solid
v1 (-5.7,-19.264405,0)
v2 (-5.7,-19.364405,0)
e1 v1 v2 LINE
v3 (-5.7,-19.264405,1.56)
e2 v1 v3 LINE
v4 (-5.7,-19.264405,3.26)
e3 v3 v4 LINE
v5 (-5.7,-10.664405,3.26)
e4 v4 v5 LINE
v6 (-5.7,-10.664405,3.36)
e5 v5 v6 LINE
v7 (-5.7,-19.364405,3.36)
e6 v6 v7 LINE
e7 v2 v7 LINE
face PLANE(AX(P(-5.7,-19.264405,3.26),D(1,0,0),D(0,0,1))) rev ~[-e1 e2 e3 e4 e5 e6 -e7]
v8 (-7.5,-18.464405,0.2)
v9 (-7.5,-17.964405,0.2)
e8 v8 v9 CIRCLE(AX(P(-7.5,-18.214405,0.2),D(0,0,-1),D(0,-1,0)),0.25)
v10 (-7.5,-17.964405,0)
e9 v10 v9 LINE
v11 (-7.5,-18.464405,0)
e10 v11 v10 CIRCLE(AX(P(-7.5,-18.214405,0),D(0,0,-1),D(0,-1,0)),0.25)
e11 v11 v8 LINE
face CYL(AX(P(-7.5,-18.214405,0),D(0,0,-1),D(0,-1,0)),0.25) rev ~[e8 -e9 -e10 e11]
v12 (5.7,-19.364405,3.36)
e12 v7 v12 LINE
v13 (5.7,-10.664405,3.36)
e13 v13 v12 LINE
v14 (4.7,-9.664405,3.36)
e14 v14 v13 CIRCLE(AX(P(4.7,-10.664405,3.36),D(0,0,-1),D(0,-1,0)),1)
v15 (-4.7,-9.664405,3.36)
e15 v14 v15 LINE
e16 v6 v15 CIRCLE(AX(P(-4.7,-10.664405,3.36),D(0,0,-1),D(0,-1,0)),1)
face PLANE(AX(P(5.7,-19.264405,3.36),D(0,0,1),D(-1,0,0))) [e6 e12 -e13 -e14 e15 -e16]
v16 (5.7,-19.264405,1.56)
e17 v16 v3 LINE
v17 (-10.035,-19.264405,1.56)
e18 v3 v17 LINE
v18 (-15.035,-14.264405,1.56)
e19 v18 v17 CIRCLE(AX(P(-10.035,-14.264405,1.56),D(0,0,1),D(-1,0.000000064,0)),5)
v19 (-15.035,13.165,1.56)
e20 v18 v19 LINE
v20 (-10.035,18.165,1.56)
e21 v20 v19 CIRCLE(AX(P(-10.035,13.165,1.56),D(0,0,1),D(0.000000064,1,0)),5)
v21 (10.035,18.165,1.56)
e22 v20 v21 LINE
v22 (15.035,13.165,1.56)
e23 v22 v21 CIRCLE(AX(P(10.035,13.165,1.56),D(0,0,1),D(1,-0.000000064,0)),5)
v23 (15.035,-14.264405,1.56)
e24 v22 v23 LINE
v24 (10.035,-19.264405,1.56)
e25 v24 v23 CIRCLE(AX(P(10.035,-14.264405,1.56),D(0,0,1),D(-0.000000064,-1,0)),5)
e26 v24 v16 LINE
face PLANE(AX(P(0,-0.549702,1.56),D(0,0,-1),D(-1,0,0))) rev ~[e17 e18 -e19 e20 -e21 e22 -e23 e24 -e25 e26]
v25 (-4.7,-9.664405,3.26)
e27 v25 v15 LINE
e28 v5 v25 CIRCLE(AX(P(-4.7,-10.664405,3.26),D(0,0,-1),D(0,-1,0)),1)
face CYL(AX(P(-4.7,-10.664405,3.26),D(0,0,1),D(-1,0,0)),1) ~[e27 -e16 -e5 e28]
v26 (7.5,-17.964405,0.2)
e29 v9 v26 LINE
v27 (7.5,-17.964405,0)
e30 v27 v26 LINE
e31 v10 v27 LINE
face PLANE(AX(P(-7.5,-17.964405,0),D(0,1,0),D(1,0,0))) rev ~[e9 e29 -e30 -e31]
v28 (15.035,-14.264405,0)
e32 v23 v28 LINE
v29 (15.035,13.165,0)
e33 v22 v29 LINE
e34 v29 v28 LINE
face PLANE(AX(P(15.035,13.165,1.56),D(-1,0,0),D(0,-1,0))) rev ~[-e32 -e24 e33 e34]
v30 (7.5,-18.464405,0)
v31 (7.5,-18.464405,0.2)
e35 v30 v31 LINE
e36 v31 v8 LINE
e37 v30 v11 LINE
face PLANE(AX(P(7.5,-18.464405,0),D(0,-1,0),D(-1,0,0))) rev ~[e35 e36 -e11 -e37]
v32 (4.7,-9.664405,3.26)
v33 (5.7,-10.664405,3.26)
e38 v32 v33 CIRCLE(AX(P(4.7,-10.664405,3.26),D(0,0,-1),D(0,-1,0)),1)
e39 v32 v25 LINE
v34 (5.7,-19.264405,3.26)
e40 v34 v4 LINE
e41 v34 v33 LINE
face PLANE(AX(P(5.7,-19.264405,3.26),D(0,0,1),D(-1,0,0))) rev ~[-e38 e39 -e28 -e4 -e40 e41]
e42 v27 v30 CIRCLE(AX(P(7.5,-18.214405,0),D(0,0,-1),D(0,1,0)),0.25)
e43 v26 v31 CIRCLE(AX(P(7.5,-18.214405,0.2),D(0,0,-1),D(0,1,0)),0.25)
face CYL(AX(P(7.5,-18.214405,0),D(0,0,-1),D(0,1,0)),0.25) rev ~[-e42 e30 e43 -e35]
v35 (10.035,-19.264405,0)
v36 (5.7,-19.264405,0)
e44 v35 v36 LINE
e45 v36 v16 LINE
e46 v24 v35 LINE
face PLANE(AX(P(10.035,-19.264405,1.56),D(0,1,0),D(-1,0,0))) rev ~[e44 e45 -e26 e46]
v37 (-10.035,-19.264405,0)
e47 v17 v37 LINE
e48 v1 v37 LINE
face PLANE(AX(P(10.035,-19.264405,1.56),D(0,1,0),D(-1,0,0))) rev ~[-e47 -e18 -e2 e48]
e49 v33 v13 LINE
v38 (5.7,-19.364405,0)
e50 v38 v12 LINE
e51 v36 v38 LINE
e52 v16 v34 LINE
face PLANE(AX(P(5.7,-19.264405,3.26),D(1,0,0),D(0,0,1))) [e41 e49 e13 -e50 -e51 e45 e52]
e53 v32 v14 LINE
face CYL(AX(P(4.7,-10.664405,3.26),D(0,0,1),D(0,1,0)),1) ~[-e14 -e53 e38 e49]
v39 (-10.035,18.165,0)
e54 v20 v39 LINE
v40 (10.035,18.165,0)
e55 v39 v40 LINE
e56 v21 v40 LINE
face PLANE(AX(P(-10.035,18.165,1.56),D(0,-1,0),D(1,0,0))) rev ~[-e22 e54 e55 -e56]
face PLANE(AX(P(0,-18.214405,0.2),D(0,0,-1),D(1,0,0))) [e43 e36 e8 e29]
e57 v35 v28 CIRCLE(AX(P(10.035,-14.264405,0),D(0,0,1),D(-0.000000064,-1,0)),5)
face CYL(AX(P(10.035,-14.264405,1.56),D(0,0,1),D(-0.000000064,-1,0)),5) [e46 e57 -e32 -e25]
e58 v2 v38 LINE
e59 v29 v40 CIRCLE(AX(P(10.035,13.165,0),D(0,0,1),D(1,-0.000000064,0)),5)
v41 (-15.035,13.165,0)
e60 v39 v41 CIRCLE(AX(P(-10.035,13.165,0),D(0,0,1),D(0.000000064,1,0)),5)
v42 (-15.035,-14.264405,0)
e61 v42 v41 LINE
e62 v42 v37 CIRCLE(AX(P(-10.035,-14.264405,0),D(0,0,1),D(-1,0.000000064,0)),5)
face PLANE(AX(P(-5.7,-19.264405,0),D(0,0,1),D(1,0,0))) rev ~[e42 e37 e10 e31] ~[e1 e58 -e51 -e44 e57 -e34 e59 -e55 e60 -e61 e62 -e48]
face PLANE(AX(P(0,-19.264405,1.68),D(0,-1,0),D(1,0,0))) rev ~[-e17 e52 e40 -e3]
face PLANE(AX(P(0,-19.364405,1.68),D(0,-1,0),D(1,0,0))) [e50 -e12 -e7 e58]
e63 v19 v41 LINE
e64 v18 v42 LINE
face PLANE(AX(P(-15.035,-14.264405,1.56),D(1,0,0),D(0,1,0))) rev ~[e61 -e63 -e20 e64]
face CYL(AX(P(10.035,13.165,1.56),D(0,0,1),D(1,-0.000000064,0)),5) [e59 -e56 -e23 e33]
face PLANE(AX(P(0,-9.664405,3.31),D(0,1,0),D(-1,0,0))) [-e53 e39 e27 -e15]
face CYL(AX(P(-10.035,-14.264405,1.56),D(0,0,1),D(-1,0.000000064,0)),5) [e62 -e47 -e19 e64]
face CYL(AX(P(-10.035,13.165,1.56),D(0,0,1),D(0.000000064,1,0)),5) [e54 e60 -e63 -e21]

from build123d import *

# Parameters (mm, degrees)
PAD_DEPTH    = 1.56
PAD001_DEPTH = 1.56
SKETCH002_W  = 11.4
SKETCH002_H  = 3.36
PAD002_DEPTH = 0.1
SKETCH003_W  = 11.4
SKETCH003_H  = 0.1
PAD003_DEPTH = 9.6
FILLET_R     = 1
FILLET001_R  = 1
POCKET_DEPTH = 0.2


with BuildPart() as part:
    # Sketch → Pad (new body)
    with BuildSketch(Plane.XY):
        with BuildLine():
            Line((-9.985, 17.165), (9.985, 17.165))
            ThreePointArc((13.985, 13.165), (12.813427, 15.993427), (9.985, 17.165))
            Line((13.985, 13.165), (13.985, -13.165))
            ThreePointArc((9.985, -17.165), (12.813427, -15.993427), (13.985, -13.165))
            Line((9.985, -17.165), (-9.985, -17.165))
            ThreePointArc((-13.985, -13.165), (-12.813427, -15.993427), (-9.985, -17.165))
            Line((-13.985, -13.165), (-13.985, 13.165))
            ThreePointArc((-9.985, 17.165), (-12.813427, 15.993427), (-13.985, 13.165))
        make_face()
    extrude(amount=PAD_DEPTH)

    # Sketch001 (on Face10 of Pad) → Pad001 (join)
    with BuildSketch(Plane.XY.offset(1.56)):
        with BuildLine():
            Line((-10.035, 18.165), (10.035, 18.165))
            ThreePointArc((15.035, 13.165), (13.570534, 16.700534), (10.035, 18.165))
            Line((15.035, 13.165), (15.035, -14.264405))
            ThreePointArc((10.035, -19.264405), (13.570534, -17.799939), (15.035, -14.264405))
            Line((10.035, -19.264405), (-10.035, -19.264405))
            ThreePointArc((-15.035, -14.264405), (-13.570534, -17.799939), (-10.035, -19.264405))
            Line((-15.035, -14.264405), (-15.035, 13.165))
            ThreePointArc((-10.035, 18.165), (-13.570534, 16.700534), (-15.035, 13.165))
        make_face()
    extrude(amount=-PAD001_DEPTH)

    # Sketch002 (on Face10 of Pad001) → Pad002 (join)
    with BuildSketch(Plane.XZ.offset(19.264405)):
        with Locations((0, 1.68)):
            Rectangle(SKETCH002_W, SKETCH002_H)
    extrude(amount=PAD002_DEPTH)

    # Sketch003 (on Face11 of Pad002) → Pad003 (join)
    with BuildSketch(Plane(origin=(0, -19.264405, 0), x_dir=(-1, 0, 0), z_dir=(0, 1, 0))):
        with Locations((0, 3.31)):
            Rectangle(SKETCH003_W, SKETCH003_H)
    extrude(amount=PAD003_DEPTH)

    # Fillet
    fillet_edges = [part.edges().sort_by_distance(p)[0] for p in [
        (-5.7, -9.664405, 3.31),
    ]]
    fillet(fillet_edges, radius=FILLET_R)

    # Fillet001
    fillet001_edges = [part.edges().sort_by_distance(p)[0] for p in [
        (5.7, -9.664405, 3.31),
    ]]
    fillet(fillet001_edges, radius=FILLET001_R)

    # Sketch004 (on Face25 of Fillet001) → Pocket (cut)
    with BuildSketch(Plane(origin=(0, 0, 0), x_dir=(1, 0, 0), z_dir=(0, 0, -1))):
        with BuildLine():
            ThreePointArc((-7.5, 18.464405), (-7.75, 18.214405), (-7.5, 17.964405))
            Line((-7.5, 17.964405), (7.5, 17.964405))
            ThreePointArc((7.5, 17.964405), (7.75, 18.214405), (7.5, 18.464405))
            Line((7.5, 18.464405), (-7.5, 18.464405))
        make_face()
    extrude(amount=-POCKET_DEPTH, mode=Mode.SUBTRACT)


solid = part.part
